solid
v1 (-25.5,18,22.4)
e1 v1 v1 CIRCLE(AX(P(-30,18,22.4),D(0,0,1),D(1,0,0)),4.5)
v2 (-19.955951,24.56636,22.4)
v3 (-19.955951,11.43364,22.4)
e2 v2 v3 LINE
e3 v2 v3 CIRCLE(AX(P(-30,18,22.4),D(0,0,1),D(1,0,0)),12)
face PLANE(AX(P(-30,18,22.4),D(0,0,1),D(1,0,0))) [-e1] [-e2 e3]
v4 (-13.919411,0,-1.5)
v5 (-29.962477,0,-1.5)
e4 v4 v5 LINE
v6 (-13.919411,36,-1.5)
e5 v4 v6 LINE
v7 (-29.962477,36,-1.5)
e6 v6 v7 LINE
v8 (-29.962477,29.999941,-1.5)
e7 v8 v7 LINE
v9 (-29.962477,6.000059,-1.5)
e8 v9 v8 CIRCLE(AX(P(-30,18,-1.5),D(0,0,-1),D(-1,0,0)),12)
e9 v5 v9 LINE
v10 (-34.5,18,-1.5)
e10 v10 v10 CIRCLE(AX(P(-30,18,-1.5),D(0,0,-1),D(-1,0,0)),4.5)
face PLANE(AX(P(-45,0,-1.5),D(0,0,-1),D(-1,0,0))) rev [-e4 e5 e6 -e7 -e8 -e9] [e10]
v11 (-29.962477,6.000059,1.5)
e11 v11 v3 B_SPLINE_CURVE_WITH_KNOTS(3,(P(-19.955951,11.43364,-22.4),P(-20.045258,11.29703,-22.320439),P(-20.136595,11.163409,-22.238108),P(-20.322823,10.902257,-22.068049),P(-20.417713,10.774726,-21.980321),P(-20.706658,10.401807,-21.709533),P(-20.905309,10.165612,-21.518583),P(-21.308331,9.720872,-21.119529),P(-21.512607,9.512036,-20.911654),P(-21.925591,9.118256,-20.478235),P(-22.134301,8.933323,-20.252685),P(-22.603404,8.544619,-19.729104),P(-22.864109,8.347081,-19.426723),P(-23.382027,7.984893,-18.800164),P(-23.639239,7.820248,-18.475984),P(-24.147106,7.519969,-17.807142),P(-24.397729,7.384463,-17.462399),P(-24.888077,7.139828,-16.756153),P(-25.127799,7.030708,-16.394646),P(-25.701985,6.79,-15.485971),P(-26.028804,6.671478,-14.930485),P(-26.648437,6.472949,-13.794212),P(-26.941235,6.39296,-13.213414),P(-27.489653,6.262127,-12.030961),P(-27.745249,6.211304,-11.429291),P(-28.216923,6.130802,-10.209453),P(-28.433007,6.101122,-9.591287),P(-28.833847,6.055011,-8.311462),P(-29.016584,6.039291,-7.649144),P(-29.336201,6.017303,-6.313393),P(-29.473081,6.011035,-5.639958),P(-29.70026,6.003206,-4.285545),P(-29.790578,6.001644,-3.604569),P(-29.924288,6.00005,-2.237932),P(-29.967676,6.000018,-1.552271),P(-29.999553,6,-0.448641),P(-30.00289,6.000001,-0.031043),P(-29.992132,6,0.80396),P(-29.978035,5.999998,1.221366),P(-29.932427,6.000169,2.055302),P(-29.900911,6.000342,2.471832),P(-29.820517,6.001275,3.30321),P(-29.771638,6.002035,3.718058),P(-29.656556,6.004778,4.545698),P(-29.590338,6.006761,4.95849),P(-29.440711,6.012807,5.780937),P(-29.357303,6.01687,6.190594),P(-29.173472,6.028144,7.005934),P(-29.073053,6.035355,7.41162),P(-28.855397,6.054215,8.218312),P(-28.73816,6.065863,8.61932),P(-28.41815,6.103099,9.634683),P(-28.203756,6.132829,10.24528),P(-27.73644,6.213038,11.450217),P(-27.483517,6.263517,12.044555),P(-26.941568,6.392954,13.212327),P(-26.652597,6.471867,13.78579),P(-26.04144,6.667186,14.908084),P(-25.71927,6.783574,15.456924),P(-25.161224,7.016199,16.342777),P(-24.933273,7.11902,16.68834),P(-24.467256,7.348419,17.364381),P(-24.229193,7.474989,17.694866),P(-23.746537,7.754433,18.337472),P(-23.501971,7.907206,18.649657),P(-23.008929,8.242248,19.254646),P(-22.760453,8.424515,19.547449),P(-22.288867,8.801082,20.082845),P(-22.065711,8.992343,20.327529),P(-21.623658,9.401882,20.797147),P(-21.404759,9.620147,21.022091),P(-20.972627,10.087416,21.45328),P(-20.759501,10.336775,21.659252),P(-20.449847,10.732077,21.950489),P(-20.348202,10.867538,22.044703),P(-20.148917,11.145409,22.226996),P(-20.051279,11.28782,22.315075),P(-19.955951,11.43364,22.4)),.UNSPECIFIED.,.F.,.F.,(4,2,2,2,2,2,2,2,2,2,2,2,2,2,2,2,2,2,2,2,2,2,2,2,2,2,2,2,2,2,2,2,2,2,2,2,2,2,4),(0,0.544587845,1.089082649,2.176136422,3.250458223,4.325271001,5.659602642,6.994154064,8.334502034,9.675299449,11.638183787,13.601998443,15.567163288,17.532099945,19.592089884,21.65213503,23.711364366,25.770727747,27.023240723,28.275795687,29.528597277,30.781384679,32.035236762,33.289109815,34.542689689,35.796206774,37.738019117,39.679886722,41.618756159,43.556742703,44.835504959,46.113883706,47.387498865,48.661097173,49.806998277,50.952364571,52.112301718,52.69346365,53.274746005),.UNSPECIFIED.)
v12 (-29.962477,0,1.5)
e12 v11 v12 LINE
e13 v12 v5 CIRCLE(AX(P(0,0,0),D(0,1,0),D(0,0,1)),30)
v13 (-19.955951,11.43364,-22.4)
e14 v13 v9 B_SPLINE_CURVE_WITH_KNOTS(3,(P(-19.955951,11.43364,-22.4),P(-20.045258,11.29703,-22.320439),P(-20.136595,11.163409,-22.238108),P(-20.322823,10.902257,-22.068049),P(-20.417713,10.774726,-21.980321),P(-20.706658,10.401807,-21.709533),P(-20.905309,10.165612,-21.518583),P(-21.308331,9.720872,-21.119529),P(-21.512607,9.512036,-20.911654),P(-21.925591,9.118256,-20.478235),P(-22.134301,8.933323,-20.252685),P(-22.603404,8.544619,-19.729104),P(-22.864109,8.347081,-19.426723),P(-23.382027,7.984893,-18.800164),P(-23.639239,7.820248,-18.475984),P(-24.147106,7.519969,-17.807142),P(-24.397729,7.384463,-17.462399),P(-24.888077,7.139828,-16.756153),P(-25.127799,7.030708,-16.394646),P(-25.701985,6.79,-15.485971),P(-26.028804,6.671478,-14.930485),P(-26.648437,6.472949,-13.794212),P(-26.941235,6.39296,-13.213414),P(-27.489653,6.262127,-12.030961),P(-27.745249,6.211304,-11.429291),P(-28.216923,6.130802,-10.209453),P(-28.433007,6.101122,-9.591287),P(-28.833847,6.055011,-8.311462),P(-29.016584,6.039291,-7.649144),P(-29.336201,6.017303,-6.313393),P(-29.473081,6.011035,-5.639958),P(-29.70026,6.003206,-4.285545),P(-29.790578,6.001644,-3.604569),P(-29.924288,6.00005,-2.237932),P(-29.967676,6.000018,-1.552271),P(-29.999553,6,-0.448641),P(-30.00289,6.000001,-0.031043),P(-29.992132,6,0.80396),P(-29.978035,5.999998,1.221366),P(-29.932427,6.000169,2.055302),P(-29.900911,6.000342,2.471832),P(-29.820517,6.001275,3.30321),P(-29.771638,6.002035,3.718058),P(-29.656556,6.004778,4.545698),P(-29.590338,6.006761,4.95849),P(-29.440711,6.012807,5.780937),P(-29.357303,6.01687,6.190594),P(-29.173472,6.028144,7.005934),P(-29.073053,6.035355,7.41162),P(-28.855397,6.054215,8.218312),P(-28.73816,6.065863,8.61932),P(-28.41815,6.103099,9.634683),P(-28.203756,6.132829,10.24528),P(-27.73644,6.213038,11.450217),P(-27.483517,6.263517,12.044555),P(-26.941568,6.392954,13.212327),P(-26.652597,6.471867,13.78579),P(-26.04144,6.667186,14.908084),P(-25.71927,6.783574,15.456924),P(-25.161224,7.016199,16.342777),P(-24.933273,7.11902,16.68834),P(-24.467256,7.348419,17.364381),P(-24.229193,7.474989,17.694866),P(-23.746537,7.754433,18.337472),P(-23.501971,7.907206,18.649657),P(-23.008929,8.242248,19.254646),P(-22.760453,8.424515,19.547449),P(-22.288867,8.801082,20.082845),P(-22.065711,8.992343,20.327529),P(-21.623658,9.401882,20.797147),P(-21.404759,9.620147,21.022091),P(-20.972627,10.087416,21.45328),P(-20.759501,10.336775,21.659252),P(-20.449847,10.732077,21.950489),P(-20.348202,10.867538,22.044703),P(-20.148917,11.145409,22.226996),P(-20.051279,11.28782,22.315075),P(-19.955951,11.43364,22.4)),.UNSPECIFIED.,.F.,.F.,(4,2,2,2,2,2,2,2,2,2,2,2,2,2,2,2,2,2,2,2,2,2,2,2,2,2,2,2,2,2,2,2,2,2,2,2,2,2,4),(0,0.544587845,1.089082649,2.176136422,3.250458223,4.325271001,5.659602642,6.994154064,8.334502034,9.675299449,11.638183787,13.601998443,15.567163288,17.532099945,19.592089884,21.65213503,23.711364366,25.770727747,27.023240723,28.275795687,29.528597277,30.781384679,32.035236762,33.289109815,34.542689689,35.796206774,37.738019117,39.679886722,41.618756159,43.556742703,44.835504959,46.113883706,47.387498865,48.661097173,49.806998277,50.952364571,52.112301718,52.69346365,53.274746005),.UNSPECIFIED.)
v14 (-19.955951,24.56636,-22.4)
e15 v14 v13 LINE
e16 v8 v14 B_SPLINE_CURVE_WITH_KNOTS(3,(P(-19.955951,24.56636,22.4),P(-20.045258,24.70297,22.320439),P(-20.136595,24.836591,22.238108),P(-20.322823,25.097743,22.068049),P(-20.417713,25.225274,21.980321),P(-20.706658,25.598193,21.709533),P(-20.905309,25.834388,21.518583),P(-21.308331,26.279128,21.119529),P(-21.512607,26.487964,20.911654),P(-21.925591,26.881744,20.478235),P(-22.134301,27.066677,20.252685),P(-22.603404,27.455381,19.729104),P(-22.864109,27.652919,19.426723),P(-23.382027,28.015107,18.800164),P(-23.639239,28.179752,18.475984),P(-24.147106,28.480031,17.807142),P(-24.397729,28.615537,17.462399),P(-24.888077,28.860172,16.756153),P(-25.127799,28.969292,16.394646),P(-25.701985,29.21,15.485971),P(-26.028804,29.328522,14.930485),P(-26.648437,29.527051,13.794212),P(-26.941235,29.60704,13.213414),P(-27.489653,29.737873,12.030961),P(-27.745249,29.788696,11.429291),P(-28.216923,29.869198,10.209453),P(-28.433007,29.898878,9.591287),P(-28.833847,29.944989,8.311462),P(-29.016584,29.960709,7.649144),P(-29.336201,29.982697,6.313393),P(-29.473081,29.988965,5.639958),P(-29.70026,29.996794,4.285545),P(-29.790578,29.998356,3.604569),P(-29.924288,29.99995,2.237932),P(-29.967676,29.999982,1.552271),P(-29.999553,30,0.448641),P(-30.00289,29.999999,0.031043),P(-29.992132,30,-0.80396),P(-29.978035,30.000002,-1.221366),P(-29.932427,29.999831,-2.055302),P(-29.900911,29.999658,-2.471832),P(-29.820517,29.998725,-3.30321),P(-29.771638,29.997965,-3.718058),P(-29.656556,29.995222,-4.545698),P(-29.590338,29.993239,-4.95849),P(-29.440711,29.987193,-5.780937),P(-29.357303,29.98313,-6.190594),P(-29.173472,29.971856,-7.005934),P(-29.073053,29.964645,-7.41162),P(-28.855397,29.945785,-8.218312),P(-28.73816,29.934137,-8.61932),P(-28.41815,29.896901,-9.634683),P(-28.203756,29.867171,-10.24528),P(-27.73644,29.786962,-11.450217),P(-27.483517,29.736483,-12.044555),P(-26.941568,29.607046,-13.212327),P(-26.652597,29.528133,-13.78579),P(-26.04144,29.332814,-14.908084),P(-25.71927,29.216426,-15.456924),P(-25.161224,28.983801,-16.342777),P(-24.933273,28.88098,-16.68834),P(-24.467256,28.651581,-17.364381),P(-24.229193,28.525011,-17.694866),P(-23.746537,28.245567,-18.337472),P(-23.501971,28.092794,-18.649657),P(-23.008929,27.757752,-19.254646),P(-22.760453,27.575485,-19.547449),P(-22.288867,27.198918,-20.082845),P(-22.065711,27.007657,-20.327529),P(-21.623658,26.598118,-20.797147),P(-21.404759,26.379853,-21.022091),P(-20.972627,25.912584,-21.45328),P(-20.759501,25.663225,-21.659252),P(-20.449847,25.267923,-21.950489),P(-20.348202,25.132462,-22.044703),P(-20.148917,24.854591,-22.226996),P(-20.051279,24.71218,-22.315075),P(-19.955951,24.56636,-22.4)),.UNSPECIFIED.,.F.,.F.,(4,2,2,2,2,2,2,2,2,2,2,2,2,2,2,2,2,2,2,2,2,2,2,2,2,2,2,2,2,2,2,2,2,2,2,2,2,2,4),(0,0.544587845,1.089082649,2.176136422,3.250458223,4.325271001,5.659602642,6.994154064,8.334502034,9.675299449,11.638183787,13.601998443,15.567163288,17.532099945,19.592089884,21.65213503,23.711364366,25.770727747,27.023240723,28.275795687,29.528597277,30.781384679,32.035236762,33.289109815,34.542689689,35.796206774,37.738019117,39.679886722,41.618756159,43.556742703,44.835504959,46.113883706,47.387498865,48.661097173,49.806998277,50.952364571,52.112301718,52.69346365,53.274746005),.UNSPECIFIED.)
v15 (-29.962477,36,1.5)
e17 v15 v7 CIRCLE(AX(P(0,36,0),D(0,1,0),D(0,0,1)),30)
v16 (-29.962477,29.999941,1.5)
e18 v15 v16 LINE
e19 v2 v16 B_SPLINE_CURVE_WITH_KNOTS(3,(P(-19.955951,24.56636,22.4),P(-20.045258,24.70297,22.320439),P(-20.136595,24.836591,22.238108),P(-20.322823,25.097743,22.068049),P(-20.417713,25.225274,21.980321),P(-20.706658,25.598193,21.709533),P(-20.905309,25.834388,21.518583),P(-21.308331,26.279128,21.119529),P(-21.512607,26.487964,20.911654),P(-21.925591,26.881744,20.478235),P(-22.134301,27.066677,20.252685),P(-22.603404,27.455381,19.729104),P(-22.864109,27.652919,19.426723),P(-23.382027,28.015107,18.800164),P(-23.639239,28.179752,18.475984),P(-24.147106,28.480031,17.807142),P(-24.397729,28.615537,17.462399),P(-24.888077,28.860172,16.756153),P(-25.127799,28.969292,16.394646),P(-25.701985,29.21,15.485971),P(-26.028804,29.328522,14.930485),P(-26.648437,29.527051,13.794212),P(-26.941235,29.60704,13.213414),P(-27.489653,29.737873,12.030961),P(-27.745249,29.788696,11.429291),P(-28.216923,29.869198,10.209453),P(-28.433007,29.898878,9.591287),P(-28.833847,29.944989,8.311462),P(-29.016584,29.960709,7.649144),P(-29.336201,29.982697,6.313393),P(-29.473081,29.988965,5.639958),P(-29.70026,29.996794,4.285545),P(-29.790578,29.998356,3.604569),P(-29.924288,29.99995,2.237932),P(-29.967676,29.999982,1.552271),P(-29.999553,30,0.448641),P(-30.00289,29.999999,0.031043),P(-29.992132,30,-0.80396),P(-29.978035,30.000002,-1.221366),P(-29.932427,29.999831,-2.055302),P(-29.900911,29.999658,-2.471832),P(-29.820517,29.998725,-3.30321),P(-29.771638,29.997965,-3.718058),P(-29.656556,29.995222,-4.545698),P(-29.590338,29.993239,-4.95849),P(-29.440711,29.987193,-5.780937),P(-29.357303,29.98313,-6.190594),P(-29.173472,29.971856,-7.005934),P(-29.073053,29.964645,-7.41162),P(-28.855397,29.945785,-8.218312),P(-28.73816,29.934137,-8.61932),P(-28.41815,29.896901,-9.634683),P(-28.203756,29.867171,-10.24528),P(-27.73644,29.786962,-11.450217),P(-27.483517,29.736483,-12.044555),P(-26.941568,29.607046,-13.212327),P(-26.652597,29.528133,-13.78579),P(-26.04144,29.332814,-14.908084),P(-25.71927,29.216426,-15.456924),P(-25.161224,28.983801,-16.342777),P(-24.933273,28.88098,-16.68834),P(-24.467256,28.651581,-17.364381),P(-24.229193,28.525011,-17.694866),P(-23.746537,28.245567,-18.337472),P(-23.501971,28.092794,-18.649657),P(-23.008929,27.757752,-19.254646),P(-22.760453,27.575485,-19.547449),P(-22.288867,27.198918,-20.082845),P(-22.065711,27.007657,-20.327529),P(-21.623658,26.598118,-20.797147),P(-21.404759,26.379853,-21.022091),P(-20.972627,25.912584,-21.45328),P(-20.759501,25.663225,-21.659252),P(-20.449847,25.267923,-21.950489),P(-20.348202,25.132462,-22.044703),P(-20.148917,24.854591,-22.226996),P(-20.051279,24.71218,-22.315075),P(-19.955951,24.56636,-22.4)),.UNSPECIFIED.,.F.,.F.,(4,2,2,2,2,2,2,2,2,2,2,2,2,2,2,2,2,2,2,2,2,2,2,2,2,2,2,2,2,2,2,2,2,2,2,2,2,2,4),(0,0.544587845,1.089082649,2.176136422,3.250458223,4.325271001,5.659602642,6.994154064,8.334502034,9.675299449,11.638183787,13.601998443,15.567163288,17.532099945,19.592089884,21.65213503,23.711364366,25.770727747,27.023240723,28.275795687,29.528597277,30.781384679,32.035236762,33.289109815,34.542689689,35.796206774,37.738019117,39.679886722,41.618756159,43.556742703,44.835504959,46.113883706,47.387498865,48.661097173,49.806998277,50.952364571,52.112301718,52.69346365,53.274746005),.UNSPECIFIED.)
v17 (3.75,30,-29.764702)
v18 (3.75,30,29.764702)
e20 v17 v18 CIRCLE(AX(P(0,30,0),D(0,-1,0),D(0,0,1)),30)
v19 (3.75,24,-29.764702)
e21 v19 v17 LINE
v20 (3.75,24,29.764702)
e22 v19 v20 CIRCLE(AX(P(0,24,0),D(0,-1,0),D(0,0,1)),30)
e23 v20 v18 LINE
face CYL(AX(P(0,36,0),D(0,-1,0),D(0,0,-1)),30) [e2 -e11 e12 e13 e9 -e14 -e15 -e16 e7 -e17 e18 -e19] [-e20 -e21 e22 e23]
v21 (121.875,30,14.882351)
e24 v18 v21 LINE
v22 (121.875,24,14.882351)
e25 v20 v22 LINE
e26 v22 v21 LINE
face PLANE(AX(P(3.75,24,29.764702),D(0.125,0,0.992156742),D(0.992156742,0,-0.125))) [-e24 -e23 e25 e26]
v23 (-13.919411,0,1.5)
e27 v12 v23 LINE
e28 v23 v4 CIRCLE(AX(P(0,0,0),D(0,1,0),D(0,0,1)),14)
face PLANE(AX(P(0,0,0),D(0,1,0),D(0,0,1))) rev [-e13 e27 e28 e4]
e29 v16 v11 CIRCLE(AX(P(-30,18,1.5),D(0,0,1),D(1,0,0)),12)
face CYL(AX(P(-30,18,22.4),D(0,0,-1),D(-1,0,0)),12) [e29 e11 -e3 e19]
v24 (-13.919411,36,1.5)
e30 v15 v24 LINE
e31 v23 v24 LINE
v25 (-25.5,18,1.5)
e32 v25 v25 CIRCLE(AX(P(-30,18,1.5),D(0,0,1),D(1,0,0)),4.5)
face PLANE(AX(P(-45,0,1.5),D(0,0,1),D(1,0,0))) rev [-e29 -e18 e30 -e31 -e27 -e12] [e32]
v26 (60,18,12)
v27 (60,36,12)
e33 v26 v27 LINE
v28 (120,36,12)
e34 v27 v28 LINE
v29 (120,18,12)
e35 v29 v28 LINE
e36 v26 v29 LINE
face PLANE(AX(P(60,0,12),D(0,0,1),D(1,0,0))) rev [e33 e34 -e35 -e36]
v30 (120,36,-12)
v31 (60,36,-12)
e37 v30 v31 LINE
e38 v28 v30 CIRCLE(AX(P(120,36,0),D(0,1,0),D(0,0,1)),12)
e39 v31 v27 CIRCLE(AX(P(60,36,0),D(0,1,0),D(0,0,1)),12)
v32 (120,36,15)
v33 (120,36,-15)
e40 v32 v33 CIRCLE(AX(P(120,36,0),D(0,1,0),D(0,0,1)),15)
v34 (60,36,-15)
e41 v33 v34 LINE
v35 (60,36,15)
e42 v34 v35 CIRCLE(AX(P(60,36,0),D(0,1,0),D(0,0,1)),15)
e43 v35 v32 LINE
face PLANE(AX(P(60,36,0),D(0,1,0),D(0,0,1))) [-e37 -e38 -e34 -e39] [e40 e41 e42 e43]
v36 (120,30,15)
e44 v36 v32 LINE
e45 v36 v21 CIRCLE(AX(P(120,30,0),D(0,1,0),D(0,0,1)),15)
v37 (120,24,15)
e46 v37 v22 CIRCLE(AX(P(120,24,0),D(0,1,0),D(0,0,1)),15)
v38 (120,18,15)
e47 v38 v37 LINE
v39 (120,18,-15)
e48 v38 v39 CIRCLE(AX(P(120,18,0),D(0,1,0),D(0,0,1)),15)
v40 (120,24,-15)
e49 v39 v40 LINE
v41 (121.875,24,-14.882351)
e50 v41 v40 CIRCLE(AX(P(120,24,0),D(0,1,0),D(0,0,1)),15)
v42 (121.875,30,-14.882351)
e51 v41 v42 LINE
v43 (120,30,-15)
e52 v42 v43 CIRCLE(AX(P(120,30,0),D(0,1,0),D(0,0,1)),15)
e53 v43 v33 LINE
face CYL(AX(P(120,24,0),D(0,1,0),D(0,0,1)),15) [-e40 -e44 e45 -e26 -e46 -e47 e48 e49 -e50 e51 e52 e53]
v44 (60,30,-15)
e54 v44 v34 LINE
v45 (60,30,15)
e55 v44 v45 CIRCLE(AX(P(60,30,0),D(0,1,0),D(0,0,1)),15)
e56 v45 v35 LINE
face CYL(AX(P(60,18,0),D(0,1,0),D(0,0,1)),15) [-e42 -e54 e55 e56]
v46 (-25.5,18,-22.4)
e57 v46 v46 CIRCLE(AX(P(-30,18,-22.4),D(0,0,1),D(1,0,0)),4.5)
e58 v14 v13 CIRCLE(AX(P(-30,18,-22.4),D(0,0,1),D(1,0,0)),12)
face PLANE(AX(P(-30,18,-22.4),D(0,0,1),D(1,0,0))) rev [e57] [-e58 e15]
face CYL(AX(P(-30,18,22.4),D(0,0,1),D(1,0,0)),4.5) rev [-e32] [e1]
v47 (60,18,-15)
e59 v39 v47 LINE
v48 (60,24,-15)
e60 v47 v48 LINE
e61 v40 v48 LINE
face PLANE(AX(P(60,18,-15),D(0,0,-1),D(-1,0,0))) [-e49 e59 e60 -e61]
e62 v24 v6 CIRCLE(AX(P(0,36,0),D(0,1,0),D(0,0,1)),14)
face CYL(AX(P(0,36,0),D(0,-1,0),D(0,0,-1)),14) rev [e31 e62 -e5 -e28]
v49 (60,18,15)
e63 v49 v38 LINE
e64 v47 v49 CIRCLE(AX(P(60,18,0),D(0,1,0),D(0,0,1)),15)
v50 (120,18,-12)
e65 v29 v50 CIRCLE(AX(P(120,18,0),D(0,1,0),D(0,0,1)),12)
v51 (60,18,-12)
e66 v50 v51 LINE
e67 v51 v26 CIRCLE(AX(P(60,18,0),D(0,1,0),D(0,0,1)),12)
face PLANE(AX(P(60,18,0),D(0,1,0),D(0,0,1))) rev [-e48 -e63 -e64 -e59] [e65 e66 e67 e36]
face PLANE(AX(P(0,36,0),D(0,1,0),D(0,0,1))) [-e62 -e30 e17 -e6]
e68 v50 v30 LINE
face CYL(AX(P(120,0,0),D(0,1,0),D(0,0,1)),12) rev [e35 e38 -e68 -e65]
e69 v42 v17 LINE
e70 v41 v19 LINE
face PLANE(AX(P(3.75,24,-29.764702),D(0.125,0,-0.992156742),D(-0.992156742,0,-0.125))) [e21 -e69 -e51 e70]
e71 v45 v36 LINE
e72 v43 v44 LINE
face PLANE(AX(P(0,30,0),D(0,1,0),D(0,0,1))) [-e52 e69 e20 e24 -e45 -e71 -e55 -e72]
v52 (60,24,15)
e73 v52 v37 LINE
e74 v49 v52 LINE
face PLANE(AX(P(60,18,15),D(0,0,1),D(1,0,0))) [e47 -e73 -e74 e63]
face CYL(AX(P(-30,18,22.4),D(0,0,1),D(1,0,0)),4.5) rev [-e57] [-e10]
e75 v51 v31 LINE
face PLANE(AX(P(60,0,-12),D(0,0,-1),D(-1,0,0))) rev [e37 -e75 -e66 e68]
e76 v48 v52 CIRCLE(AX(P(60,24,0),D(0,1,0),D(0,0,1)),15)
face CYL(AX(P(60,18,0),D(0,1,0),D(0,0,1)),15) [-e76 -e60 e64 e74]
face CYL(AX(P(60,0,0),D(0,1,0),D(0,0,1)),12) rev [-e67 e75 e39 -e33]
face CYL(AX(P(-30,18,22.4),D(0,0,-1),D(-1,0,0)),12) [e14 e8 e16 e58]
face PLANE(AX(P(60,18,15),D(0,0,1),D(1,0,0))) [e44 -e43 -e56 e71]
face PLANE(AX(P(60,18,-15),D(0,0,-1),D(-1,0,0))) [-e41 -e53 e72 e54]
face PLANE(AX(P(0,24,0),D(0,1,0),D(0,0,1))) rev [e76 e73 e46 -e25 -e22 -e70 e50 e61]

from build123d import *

# Parameters (mm, degrees)
SKETCH1_R           = 30
SKETCH1_R_2         = 14
BOSS_EXTRUDE1_DEPTH = 36
BOSS_EXTRUDE2_DEPTH = 18
BOSS_EXTRUDE3_START = -12
BOSS_EXTRUDE3_DEPTH = 6
CUT_EXTRUDE1_DEPTH  = 143.902064366
SKETCH5_R           = 12
BOSS_EXTRUDE4_DEPTH = 22.4
CUT_EXTRUDE2_DEPTH  = 143.902064412
HOLE1_D             = 9


with BuildPart() as part:
    # Sketch1 → Boss-Extrude1 (new body)
    with BuildSketch(Plane(origin=(0, 0, 0), x_dir=(1, 0, 0), z_dir=(0, 1, 0))):
        with Locations(Location((0, 0, 0), (0, 0, 270))):
            Circle(SKETCH1_R)
        with Locations(Location((0, 0, 0), (0, 0, 270))):
            Circle(SKETCH1_R_2, mode=Mode.SUBTRACT)
    extrude(amount=BOSS_EXTRUDE1_DEPTH)



with BuildPart() as body_2:
    # Sketch2 → Boss-Extrude2 (new body)
    with BuildSketch(Plane(origin=(0, 36, 0), x_dir=(1, 0, 0), z_dir=(0, 1, 0))):
        with BuildLine():
            Line((60, 15), (120, 15))
            ThreePointArc((120, 15), (135, 0), (120, -15))
            Line((120, -15), (60, -15))
            ThreePointArc((60, -15), (45, 0), (60, 15))
        make_face()
    extrude(amount=-BOSS_EXTRUDE2_DEPTH)


with BuildPart() as part_1:
    add(part.part)

    add(body_2.part)  # Boss-Extrude3 merges body 2
    # Sketch3 → Boss-Extrude3 (add)
    with BuildSketch(Plane(origin=(0, 36, 0), x_dir=(1, 0, 0), z_dir=(0, 1, 0)).offset(BOSS_EXTRUDE3_START)):
        with BuildLine():
            Line((3.75, -29.764702249), (121.875, -14.882351125))
            ThreePointArc((121.875, -14.882351125), (135, 0), (121.875, 14.882351125))
            Line((121.875, 14.882351125), (3.75, 29.764702249))
            ThreePointArc((3.75, 29.764702249), (30, 0), (3.75, -29.764702249))
        make_face()
    extrude(amount=BOSS_EXTRUDE3_DEPTH)

    # Sketch4 → Cut-Extrude1 (cut, through all)
    with BuildSketch(Plane(origin=(0, 36, 0), x_dir=(1, 0, 0), z_dir=(0, 1, 0))):
        with BuildLine():
            Line((60, 12), (120, 12))
            ThreePointArc((120, 12), (132, 0), (120, -12))
            Line((120, -12), (60, -12))
            ThreePointArc((60, -12), (48, 0), (60, 12))
        make_face()
    extrude(amount=-CUT_EXTRUDE1_DEPTH, mode=Mode.SUBTRACT)

    # Sketch5 → Boss-Extrude4 (add, symmetric)
    with BuildSketch(Plane.XY):
        with Locations((-30, 18)):
            Circle(SKETCH5_R)
    extrude(amount=BOSS_EXTRUDE4_DEPTH, both=True)

    # Sketch6 → Cut-Extrude2 (cut, through all)
    with BuildSketch(Plane(origin=(0, 36, 0), x_dir=(1, 0, 0), z_dir=(0, 1, 0))):
        with BuildLine():
            Line((-45, 1.5), (-13.919410907, 1.5))
            ThreePointArc((-13.919410907, 1.5), (-14, 0), (-13.919410907, -1.5))
            Line((-13.919410907, -1.5), (-45, -1.5))
            Line((-45, -1.5), (-45, 1.5))
        make_face()
    extrude(amount=-CUT_EXTRUDE2_DEPTH, mode=Mode.SUBTRACT)

    # Hole1 (through all)
    with Locations(Plane.XY.offset(22.4)):
        with Locations((-30, 18)):
            Hole(HOLE1_D / 2)


solid = part_1.part
